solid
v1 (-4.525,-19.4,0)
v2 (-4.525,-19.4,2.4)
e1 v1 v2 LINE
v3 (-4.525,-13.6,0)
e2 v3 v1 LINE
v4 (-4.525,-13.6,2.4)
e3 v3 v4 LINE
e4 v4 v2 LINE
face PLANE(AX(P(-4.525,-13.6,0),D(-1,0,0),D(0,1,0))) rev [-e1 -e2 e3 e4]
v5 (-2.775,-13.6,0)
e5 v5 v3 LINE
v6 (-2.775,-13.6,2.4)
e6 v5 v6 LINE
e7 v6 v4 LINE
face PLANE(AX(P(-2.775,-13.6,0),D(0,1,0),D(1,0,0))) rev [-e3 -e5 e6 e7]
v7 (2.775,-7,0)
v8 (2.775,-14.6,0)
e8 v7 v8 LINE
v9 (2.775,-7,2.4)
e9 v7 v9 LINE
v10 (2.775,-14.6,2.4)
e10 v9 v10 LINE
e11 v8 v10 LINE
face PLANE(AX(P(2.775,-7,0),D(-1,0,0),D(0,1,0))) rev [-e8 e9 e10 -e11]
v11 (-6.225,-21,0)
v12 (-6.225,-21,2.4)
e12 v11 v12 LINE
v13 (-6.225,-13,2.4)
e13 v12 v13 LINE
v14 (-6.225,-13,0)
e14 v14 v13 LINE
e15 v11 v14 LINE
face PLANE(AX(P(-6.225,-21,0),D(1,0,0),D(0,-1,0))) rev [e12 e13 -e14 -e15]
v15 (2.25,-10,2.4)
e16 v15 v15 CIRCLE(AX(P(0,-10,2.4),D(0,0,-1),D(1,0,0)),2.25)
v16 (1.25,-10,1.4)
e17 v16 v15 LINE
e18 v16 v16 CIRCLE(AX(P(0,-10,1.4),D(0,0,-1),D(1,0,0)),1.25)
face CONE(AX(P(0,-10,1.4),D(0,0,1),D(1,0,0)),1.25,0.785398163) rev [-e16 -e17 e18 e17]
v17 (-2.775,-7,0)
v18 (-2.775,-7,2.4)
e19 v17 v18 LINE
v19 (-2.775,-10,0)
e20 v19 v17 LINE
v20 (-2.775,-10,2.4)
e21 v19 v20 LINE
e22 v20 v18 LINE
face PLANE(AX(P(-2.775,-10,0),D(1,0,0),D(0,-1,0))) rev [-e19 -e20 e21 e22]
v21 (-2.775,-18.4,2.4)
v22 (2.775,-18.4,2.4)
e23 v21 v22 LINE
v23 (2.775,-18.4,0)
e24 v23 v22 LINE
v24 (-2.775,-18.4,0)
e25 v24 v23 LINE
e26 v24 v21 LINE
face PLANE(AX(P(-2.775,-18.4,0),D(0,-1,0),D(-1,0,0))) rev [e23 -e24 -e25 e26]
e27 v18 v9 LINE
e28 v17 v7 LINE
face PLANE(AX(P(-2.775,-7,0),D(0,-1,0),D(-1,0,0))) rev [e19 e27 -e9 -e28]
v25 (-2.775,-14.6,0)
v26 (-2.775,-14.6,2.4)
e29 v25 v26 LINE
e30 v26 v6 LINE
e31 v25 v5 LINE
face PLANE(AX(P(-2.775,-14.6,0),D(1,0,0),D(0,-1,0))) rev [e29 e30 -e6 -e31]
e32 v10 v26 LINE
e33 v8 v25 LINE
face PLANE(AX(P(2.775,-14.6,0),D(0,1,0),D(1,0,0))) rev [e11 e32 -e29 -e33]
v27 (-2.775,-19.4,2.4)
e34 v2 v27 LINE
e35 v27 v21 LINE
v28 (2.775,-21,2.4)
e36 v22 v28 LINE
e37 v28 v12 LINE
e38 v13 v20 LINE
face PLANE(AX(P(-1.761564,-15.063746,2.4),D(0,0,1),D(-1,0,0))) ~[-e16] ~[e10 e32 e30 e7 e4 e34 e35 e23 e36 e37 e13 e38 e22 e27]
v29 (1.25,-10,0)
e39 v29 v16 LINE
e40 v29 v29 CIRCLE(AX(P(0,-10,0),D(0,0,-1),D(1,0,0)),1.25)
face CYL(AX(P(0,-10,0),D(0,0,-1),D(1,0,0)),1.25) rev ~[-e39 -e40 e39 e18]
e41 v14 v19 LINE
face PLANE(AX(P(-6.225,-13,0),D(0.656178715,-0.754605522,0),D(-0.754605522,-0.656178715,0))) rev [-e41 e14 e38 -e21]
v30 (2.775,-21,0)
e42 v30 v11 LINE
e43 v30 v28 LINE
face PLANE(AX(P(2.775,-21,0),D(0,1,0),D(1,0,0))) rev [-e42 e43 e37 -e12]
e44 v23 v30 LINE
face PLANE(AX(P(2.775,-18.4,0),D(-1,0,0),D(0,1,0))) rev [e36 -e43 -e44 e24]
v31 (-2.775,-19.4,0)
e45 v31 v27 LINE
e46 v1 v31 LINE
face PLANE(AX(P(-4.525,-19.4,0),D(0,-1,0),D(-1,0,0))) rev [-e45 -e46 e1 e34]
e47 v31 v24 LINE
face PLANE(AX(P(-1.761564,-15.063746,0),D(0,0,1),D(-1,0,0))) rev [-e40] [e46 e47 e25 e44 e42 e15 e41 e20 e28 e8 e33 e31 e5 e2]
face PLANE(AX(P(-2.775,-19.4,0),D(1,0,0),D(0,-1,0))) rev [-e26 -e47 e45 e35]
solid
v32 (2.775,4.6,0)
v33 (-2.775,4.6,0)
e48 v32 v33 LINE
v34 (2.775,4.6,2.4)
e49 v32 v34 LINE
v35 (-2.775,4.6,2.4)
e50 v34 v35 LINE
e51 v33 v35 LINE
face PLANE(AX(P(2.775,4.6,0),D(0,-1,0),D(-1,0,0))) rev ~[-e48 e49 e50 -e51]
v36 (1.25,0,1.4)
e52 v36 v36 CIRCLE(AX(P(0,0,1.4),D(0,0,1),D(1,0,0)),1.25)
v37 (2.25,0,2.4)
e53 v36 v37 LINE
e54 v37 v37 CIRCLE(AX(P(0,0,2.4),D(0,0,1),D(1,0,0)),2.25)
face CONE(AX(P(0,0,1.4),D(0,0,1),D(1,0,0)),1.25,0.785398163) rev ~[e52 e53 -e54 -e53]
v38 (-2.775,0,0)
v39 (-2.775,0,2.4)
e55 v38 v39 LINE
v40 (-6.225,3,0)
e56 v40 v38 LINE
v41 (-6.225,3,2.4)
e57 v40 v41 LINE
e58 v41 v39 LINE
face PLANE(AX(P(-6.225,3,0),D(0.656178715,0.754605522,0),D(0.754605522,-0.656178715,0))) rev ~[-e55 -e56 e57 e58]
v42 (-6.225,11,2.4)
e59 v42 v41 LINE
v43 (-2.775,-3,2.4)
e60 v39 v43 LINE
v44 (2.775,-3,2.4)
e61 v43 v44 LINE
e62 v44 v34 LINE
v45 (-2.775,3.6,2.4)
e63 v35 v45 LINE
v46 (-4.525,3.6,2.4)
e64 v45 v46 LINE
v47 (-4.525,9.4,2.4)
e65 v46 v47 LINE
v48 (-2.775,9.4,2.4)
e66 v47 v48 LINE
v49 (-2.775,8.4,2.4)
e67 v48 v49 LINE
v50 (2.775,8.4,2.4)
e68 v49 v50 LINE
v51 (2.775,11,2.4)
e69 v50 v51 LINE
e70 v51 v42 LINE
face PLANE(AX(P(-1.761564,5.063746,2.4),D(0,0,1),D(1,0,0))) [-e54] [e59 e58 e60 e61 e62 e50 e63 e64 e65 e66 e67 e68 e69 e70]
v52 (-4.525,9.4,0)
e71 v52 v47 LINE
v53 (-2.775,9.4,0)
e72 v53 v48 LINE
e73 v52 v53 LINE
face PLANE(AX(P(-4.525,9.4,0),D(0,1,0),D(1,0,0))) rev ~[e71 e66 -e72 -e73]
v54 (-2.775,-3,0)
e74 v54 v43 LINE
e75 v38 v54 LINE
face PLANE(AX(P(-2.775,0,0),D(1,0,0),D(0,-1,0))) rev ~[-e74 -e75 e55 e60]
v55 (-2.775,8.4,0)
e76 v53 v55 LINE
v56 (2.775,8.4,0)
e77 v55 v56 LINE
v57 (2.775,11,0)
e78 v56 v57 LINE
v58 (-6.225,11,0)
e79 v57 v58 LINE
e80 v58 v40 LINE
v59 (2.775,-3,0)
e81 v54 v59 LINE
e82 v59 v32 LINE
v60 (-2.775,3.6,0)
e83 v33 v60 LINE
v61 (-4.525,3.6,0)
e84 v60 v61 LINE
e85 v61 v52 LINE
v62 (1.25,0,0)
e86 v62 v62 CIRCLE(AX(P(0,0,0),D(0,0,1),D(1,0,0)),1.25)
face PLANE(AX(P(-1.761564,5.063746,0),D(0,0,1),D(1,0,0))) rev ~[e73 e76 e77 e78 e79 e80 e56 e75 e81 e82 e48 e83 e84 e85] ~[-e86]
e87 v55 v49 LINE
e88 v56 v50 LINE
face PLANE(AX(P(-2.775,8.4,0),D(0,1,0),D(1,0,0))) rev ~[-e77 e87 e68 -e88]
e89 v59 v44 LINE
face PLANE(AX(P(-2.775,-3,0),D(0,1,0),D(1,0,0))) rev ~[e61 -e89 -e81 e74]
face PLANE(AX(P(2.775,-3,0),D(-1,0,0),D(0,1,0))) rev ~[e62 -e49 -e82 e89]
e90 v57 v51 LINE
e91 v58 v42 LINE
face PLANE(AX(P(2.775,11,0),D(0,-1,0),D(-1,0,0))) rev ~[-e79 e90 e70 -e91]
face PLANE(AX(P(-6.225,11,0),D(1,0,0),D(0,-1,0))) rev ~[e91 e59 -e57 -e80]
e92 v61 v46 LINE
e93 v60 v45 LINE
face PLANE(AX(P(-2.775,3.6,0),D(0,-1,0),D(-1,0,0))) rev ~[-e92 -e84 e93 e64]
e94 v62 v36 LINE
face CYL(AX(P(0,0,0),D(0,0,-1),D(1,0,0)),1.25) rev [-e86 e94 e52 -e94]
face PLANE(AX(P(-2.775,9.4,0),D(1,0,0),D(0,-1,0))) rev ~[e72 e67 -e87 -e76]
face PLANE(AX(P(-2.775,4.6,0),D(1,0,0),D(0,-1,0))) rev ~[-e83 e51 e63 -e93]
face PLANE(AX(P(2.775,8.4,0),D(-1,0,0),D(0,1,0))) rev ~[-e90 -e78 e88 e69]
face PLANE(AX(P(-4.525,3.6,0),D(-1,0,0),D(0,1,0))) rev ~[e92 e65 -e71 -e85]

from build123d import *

# Parameters (mm, degrees)
F0_R     = 1.25
F1_DEPTH = 2.4
F2_SIZE  = 1


with BuildPart() as f1:
    # F0 (on Top) → F1 (new body)
    with BuildSketch(Plane.XY):
        Polygon((-2.775, -3), (2.775, -3), (2.775, 3), (2.775, 4.6), (-2.775, 4.6), (-2.775, 3.6), (-4.525, 3.6), (-4.525, 9.4), (-2.775, 9.4), (-2.775, 8.4), (2.775, 8.4), (2.775, 11), (-6.225, 11), (-6.225, 3), (-2.775, 0), align=None)
        Circle(F0_R, mode=Mode.SUBTRACT)
    extrude(amount=F1_DEPTH)

    # F2
    f2_edges = [f1.edges().sort_by_distance(p)[0] for p in [
        (-1.25, 0, 2.4),
    ]]
    chamfer(f2_edges, length=F2_SIZE)


with BuildPart() as f4_1:
    # F4: instance of F1
    add(f1.part.mirror(Plane.XZ.offset(5)))


solid = Compound([f1.part, f4_1.part])
